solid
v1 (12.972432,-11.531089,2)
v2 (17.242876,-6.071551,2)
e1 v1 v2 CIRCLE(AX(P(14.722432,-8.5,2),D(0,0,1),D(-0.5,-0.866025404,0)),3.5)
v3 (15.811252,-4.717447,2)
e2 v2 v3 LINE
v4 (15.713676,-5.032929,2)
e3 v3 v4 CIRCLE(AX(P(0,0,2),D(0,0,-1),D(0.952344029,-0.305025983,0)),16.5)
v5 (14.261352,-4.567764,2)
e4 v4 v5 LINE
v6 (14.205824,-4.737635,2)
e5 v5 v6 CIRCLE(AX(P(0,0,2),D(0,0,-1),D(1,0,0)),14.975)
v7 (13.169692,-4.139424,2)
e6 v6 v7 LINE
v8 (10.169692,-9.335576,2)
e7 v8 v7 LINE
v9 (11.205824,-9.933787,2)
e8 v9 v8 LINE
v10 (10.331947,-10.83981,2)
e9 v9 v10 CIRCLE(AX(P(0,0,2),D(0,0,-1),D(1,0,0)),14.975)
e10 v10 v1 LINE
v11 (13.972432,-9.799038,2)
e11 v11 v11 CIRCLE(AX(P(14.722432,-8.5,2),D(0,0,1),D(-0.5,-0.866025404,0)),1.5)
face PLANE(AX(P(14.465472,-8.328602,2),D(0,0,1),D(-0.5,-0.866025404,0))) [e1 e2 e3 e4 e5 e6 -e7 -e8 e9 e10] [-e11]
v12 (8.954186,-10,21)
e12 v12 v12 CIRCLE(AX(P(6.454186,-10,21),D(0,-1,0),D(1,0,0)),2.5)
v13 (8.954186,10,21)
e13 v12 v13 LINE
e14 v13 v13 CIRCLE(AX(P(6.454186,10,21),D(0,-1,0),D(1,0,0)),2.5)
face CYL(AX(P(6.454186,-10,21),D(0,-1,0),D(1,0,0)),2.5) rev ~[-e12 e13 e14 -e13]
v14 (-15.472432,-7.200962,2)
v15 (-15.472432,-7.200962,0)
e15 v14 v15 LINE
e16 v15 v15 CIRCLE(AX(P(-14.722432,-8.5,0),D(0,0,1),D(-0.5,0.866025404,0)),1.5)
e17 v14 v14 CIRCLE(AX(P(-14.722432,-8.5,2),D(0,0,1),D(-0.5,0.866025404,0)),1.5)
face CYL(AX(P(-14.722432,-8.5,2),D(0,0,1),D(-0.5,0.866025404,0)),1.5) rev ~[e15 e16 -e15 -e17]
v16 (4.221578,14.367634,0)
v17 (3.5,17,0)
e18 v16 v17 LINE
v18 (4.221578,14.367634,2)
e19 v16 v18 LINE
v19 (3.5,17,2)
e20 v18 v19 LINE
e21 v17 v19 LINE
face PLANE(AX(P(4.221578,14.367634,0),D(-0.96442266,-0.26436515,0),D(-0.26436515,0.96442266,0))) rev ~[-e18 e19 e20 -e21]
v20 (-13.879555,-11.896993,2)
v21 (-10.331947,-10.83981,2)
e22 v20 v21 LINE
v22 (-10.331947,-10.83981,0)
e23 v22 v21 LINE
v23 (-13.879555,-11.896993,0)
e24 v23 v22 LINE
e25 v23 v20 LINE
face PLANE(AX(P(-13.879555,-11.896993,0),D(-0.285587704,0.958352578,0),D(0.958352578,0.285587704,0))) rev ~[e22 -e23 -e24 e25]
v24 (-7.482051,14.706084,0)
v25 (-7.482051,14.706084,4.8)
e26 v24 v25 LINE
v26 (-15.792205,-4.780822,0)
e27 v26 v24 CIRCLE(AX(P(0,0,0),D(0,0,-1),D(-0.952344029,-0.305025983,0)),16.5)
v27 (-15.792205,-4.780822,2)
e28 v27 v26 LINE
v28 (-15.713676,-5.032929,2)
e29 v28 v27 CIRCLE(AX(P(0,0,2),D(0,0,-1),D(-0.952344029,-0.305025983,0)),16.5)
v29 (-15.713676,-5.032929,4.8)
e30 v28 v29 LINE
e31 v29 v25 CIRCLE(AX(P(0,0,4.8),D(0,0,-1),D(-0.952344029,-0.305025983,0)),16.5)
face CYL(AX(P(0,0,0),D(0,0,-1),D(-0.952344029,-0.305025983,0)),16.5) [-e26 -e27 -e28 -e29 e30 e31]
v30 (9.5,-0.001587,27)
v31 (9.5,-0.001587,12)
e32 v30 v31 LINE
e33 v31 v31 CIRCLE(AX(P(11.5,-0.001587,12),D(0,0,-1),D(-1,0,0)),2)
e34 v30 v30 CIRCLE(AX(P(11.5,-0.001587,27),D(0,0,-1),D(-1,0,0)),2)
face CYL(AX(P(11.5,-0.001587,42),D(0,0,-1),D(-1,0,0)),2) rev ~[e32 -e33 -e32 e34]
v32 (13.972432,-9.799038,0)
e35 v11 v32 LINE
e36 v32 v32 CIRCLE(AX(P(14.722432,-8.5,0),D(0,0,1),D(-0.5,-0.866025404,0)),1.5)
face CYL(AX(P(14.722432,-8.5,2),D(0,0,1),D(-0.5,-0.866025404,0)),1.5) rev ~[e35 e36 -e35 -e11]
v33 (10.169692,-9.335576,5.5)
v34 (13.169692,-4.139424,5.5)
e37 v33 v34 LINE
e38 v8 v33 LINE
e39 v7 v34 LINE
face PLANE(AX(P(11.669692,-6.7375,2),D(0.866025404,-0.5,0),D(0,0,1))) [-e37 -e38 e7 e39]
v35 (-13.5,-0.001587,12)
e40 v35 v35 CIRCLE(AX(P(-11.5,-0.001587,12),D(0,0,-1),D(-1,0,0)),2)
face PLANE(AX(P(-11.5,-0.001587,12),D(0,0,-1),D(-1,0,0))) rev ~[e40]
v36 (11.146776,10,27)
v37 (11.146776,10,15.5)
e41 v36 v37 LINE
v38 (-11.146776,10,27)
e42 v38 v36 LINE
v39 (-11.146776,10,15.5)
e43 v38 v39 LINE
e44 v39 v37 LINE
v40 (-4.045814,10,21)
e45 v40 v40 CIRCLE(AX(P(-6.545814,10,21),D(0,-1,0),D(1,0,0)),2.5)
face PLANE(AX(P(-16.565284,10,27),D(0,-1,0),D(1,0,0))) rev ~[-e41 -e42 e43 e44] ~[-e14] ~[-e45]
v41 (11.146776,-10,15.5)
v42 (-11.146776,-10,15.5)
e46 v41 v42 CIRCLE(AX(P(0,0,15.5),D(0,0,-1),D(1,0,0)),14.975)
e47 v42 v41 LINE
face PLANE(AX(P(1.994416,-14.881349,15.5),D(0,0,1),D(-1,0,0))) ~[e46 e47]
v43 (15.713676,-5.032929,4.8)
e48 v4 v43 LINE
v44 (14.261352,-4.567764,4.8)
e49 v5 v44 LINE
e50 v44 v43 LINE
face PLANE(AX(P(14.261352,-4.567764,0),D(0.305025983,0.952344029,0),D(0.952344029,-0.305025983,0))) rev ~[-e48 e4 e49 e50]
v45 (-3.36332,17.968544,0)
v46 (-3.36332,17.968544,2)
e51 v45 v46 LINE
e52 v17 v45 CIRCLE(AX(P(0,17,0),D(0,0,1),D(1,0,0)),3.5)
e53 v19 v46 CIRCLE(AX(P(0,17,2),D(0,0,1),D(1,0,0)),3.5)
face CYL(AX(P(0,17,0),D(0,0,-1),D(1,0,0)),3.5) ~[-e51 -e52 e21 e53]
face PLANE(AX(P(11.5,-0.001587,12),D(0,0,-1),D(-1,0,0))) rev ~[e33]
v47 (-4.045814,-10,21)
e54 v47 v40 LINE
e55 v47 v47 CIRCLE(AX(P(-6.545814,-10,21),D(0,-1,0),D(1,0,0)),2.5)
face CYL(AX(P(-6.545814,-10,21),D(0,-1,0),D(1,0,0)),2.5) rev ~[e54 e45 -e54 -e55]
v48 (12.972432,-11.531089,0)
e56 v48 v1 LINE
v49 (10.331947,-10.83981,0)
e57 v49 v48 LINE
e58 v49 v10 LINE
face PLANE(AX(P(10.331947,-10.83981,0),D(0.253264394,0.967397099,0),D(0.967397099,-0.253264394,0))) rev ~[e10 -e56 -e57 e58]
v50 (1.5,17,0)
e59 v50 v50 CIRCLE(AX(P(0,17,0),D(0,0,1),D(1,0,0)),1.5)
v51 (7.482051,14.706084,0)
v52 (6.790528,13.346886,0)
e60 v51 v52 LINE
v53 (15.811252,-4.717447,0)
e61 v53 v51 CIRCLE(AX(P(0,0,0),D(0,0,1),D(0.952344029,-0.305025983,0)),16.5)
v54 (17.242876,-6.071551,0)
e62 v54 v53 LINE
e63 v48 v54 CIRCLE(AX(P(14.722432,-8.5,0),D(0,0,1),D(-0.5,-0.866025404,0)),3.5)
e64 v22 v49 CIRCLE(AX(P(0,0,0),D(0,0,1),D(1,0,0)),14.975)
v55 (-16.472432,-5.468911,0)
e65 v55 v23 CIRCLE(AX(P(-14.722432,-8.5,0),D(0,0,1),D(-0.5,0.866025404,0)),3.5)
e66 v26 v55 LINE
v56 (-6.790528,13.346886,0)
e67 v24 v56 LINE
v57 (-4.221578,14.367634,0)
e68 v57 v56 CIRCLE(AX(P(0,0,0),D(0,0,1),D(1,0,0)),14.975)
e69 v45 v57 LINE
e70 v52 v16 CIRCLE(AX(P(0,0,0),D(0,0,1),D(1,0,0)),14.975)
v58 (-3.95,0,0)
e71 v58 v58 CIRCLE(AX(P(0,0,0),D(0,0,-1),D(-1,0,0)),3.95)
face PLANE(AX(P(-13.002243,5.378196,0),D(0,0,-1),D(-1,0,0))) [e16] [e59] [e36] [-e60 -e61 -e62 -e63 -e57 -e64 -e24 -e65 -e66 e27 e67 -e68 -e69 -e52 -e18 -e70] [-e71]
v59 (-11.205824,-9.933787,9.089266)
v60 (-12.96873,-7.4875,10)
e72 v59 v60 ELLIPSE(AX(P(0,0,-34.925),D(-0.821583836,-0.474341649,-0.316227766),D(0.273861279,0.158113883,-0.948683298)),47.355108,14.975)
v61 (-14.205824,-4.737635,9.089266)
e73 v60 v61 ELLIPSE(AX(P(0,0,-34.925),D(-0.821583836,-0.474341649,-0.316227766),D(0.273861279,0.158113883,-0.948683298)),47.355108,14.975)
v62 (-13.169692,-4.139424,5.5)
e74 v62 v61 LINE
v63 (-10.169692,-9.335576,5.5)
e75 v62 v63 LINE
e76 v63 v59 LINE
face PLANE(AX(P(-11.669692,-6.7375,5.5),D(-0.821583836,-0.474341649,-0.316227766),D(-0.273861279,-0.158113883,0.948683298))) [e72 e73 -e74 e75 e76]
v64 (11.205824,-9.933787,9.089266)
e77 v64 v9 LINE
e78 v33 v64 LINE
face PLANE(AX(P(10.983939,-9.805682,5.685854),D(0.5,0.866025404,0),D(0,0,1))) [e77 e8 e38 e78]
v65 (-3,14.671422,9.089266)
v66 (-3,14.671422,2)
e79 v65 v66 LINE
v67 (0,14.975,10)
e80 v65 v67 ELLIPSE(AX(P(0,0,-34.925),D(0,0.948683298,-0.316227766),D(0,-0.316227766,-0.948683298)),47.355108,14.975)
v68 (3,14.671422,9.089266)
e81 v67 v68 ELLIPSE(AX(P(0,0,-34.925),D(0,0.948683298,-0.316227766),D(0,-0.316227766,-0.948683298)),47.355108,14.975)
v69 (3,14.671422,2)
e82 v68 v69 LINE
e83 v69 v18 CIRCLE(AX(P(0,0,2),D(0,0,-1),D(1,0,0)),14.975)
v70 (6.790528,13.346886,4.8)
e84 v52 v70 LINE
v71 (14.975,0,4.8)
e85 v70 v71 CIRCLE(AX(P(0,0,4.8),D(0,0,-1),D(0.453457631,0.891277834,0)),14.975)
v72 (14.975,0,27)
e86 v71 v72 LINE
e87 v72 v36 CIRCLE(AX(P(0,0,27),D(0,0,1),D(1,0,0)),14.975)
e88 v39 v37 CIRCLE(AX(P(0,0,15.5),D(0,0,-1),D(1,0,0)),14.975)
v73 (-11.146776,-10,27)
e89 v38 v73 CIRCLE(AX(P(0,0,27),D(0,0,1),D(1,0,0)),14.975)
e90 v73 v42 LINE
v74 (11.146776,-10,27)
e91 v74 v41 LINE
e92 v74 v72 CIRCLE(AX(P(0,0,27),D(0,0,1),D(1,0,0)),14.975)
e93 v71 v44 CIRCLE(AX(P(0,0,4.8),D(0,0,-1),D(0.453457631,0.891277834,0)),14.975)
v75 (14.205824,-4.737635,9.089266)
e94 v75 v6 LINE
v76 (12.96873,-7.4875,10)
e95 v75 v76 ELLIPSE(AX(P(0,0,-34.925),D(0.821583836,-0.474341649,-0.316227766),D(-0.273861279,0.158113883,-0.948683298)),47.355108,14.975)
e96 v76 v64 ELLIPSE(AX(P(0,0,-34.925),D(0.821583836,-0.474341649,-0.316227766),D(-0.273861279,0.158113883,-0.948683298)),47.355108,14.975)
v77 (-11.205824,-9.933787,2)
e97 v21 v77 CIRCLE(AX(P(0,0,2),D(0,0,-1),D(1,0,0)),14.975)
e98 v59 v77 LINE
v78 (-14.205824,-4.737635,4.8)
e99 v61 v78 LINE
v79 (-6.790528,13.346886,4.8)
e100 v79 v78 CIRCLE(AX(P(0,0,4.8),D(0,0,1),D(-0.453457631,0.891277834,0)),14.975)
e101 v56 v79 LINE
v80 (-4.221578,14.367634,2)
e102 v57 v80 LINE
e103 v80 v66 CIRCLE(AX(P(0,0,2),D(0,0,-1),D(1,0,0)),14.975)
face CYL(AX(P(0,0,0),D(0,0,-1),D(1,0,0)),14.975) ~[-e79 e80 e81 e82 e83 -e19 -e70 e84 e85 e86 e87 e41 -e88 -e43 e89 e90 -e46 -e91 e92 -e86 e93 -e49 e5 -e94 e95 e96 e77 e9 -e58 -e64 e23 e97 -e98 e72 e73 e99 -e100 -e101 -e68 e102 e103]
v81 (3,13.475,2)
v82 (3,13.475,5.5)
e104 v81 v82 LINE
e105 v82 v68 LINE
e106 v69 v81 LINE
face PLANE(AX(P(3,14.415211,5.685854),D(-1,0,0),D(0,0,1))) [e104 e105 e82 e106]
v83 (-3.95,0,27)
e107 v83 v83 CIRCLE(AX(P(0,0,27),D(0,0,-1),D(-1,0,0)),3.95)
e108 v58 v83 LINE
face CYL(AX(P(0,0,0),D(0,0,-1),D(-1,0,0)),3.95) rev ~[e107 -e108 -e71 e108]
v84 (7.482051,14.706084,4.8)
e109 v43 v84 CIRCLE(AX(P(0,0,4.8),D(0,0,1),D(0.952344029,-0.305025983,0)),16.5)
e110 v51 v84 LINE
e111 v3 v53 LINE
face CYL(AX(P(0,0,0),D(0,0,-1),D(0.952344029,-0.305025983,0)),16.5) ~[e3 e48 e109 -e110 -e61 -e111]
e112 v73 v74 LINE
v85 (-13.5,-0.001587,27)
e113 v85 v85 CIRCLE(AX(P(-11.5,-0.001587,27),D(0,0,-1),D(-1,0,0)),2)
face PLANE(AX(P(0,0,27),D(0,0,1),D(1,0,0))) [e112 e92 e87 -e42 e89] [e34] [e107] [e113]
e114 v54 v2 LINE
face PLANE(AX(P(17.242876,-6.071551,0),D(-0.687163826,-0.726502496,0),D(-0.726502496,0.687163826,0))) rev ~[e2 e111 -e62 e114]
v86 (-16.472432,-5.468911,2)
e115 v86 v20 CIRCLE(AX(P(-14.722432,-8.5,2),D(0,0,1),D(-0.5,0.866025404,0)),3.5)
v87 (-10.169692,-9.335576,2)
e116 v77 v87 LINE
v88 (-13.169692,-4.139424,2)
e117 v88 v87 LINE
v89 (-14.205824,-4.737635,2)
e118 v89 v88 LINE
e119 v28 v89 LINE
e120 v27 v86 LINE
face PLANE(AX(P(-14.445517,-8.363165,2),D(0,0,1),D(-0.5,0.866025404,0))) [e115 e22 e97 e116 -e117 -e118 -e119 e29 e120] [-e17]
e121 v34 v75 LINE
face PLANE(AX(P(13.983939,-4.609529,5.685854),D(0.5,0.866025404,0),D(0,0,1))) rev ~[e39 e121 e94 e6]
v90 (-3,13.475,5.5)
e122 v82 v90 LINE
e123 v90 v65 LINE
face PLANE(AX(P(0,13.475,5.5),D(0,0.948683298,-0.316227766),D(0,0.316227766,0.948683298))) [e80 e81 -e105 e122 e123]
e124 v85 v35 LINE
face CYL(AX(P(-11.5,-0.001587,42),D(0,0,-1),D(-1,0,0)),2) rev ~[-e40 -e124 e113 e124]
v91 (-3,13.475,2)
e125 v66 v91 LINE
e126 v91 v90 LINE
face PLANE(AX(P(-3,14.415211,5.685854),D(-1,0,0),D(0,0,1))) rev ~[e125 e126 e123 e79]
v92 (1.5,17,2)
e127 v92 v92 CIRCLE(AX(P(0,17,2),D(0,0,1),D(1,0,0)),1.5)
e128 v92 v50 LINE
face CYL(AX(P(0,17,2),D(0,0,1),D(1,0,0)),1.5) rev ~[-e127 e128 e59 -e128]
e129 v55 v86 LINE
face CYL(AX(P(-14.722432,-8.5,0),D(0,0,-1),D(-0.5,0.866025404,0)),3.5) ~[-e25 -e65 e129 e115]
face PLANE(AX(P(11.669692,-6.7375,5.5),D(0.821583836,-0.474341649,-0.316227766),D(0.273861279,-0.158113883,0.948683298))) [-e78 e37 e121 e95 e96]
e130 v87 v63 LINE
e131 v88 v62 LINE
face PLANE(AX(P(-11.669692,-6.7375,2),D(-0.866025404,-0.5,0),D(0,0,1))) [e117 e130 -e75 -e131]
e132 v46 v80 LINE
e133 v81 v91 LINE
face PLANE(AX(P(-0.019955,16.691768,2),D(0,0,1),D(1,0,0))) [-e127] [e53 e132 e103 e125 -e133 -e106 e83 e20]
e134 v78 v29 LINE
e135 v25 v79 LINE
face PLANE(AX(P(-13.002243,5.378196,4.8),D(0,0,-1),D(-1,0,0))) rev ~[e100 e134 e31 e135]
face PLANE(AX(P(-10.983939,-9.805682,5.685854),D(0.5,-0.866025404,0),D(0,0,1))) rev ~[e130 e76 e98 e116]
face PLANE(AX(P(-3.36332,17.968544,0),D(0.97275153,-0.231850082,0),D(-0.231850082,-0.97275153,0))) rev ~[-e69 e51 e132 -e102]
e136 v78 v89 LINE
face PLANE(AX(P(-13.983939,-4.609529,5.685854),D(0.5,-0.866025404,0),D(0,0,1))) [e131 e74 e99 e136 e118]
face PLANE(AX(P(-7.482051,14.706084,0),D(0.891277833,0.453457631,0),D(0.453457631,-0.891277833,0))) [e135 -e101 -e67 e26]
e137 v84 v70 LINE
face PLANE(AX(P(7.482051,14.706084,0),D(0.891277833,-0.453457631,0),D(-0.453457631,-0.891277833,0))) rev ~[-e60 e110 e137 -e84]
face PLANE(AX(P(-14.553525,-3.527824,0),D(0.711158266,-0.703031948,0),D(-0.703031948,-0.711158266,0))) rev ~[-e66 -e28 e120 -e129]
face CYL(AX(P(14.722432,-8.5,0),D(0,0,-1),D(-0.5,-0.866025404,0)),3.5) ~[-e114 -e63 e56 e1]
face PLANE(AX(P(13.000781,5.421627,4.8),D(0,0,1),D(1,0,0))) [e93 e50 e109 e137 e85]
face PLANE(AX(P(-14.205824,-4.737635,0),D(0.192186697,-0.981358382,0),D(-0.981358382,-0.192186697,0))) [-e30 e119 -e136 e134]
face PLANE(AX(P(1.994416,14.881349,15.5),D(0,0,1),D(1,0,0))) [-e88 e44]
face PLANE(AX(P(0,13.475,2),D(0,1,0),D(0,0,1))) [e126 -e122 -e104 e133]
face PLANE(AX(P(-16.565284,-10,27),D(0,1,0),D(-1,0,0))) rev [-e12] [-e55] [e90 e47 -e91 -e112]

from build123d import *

# Parameters (mm, degrees)
SKETCH1_R                    = 14.975
EXTRUDE1_DEPTH               = 27
EXTRUDE2_DEPTH               = 2
SKETCH3_R                    = 1.5
EXTRUDE3_DEPTH               = 3
EXTRUDE6_DEPTH               = 3
CIRPATTERN1_COUNT            = 3
SKETCH5_W                    = 37.119401026
SKETCH5_H                    = 9.762697639
EXTRUDE7_DEPTH               = 11.5
SKETCH6_R                    = 2.5
EXTRUDE8_DEPTH               = 45.624063274
SKETCH7_R                    = 3.95
EXTRUDE9_DEPTH               = 39.487751598
F_4_0_4_DIAMETER_HOLE1_D     = 4
F_4_0_4_DIAMETER_HOLE1_DEPTH = 15
EXTRUDE10_DEPTH              = 4.8


with BuildPart() as part:
    # Sketch1 → Extrude1 (new body)
    with BuildSketch(Plane.XY):
        Circle(SKETCH1_R)
    extrude(amount=EXTRUDE1_DEPTH)

    # Sketch2 → Extrude2 (add)
    with BuildSketch(Plane.XY):
        with BuildLine():
            Line((-3.363320174, 17.968543962), (-4.221577642, 14.367634016))
            Line((-4.221577642, 14.367634016), (4.221577642, 14.367634016))
            Line((4.221577642, 14.367634016), (3.5, 17))
            ThreePointArc((3.5, 17), (0.489070236, 20.465661597), (-3.363320174, 17.968543962))
        make_face()
    extrude2 = extrude(amount=EXTRUDE2_DEPTH)

    # Sketch3 → Extrude3 (cut)
    with BuildSketch(Plane.XY.offset(2)):
        with Locations((0, 17)):
            Circle(SKETCH3_R)
    extrude3 = extrude(amount=-EXTRUDE3_DEPTH, mode=Mode.SUBTRACT)

    # Sketch4 → Extrude6 (cut, symmetric)
    with BuildSketch(Plane(origin=(0, 0, 0), x_dir=(0, 0, -1), z_dir=(1, 0, 0))):
        Polygon((-2, 14.975), (-2, 13.475), (-5.5, 13.475), (-10, 14.975), align=None)
    extrude6 = extrude(amount=EXTRUDE6_DEPTH, both=True, mode=Mode.SUBTRACT)

    # CirPattern1: Extrude2, Extrude3, Extrude6 ×3 about axis
    cirpattern1_axis = Axis((0, 0, 0), (0, 0, 1))
    add([extrude2.rotate(cirpattern1_axis, i * 360 / CIRPATTERN1_COUNT) for i in range(1, CIRPATTERN1_COUNT)])
    add([extrude3.rotate(cirpattern1_axis, i * 360 / CIRPATTERN1_COUNT) for i in range(1, CIRPATTERN1_COUNT)], mode=Mode.SUBTRACT)
    add([extrude6.rotate(cirpattern1_axis, i * 360 / CIRPATTERN1_COUNT) for i in range(1, CIRPATTERN1_COUNT)], mode=Mode.SUBTRACT)

    # Sketch5 → Extrude7 (cut)
    with BuildSketch(Plane.XY.offset(27)):
        with Locations((1.994416424, 14.88134882)):
            Rectangle(SKETCH5_W, SKETCH5_H)
    extrude7 = extrude(amount=-EXTRUDE7_DEPTH, mode=Mode.SUBTRACT)

    # Mirror2: Extrude7 across plane
    add(extrude7.mirror(Plane.ZX), mode=Mode.SUBTRACT)

    # Sketch6 → Extrude8 (cut, through all)
    with BuildSketch(Plane.XZ.offset(10)):
        with Locations((-6.545813687, 21)):
            Circle(SKETCH6_R)
        with Locations((6.454186313, 21)):
            Circle(SKETCH6_R)
    extrude(amount=-EXTRUDE8_DEPTH, mode=Mode.SUBTRACT)

    # Sketch7 → Extrude9 (cut, through all)
    with BuildSketch(Plane(origin=(0, 0, 0), x_dir=(-1, 0, 0), z_dir=(0, 0, -1))):
        Circle(SKETCH7_R)
    extrude(amount=-EXTRUDE9_DEPTH, mode=Mode.SUBTRACT)

    # Ø4.0 (4) Diameter Hole1
    with Locations(Plane(origin=(-11.5, -0.00158702, 27), x_dir=(1, 0, 0), z_dir=(0, 0, 1))):
        with Locations((0, 0), (23, 0)):
            Hole(F_4_0_4_DIAMETER_HOLE1_D / 2, depth=F_4_0_4_DIAMETER_HOLE1_DEPTH)

    # Sketch9 → Extrude10 (add)
    with BuildSketch(Plane.XY):
        with BuildLine():
            Line((-7.482050917, 14.706084254), (-6.790528029, 13.346885558))
            ThreePointArc((-6.790528029, 13.346885558), (-13.855474408, 5.681237008), (-14.205824206, -4.737634814))
            Line((-14.205824206, -4.737634814), (-15.71367648, -5.032928718))
            ThreePointArc((-15.71367648, -5.032928718), (-15.22884108, 6.350779429), (-7.482050917, 14.706084254))
        make_face()
        with BuildLine():
            Line((7.482050917, 14.706084254), (6.790528029, 13.346885558))
            ThreePointArc((6.790528029, 13.346885558), (13.82132698, 5.763813452), (14.261351836, -4.567764094))
            Line((14.261351836, -4.567764094), (15.71367648, -5.032928718))
            ThreePointArc((15.71367648, -5.032928718), (15.22884108, 6.350779429), (7.482050917, 14.706084254))
        make_face()
    extrude(amount=EXTRUDE10_DEPTH)


solid = part.part
